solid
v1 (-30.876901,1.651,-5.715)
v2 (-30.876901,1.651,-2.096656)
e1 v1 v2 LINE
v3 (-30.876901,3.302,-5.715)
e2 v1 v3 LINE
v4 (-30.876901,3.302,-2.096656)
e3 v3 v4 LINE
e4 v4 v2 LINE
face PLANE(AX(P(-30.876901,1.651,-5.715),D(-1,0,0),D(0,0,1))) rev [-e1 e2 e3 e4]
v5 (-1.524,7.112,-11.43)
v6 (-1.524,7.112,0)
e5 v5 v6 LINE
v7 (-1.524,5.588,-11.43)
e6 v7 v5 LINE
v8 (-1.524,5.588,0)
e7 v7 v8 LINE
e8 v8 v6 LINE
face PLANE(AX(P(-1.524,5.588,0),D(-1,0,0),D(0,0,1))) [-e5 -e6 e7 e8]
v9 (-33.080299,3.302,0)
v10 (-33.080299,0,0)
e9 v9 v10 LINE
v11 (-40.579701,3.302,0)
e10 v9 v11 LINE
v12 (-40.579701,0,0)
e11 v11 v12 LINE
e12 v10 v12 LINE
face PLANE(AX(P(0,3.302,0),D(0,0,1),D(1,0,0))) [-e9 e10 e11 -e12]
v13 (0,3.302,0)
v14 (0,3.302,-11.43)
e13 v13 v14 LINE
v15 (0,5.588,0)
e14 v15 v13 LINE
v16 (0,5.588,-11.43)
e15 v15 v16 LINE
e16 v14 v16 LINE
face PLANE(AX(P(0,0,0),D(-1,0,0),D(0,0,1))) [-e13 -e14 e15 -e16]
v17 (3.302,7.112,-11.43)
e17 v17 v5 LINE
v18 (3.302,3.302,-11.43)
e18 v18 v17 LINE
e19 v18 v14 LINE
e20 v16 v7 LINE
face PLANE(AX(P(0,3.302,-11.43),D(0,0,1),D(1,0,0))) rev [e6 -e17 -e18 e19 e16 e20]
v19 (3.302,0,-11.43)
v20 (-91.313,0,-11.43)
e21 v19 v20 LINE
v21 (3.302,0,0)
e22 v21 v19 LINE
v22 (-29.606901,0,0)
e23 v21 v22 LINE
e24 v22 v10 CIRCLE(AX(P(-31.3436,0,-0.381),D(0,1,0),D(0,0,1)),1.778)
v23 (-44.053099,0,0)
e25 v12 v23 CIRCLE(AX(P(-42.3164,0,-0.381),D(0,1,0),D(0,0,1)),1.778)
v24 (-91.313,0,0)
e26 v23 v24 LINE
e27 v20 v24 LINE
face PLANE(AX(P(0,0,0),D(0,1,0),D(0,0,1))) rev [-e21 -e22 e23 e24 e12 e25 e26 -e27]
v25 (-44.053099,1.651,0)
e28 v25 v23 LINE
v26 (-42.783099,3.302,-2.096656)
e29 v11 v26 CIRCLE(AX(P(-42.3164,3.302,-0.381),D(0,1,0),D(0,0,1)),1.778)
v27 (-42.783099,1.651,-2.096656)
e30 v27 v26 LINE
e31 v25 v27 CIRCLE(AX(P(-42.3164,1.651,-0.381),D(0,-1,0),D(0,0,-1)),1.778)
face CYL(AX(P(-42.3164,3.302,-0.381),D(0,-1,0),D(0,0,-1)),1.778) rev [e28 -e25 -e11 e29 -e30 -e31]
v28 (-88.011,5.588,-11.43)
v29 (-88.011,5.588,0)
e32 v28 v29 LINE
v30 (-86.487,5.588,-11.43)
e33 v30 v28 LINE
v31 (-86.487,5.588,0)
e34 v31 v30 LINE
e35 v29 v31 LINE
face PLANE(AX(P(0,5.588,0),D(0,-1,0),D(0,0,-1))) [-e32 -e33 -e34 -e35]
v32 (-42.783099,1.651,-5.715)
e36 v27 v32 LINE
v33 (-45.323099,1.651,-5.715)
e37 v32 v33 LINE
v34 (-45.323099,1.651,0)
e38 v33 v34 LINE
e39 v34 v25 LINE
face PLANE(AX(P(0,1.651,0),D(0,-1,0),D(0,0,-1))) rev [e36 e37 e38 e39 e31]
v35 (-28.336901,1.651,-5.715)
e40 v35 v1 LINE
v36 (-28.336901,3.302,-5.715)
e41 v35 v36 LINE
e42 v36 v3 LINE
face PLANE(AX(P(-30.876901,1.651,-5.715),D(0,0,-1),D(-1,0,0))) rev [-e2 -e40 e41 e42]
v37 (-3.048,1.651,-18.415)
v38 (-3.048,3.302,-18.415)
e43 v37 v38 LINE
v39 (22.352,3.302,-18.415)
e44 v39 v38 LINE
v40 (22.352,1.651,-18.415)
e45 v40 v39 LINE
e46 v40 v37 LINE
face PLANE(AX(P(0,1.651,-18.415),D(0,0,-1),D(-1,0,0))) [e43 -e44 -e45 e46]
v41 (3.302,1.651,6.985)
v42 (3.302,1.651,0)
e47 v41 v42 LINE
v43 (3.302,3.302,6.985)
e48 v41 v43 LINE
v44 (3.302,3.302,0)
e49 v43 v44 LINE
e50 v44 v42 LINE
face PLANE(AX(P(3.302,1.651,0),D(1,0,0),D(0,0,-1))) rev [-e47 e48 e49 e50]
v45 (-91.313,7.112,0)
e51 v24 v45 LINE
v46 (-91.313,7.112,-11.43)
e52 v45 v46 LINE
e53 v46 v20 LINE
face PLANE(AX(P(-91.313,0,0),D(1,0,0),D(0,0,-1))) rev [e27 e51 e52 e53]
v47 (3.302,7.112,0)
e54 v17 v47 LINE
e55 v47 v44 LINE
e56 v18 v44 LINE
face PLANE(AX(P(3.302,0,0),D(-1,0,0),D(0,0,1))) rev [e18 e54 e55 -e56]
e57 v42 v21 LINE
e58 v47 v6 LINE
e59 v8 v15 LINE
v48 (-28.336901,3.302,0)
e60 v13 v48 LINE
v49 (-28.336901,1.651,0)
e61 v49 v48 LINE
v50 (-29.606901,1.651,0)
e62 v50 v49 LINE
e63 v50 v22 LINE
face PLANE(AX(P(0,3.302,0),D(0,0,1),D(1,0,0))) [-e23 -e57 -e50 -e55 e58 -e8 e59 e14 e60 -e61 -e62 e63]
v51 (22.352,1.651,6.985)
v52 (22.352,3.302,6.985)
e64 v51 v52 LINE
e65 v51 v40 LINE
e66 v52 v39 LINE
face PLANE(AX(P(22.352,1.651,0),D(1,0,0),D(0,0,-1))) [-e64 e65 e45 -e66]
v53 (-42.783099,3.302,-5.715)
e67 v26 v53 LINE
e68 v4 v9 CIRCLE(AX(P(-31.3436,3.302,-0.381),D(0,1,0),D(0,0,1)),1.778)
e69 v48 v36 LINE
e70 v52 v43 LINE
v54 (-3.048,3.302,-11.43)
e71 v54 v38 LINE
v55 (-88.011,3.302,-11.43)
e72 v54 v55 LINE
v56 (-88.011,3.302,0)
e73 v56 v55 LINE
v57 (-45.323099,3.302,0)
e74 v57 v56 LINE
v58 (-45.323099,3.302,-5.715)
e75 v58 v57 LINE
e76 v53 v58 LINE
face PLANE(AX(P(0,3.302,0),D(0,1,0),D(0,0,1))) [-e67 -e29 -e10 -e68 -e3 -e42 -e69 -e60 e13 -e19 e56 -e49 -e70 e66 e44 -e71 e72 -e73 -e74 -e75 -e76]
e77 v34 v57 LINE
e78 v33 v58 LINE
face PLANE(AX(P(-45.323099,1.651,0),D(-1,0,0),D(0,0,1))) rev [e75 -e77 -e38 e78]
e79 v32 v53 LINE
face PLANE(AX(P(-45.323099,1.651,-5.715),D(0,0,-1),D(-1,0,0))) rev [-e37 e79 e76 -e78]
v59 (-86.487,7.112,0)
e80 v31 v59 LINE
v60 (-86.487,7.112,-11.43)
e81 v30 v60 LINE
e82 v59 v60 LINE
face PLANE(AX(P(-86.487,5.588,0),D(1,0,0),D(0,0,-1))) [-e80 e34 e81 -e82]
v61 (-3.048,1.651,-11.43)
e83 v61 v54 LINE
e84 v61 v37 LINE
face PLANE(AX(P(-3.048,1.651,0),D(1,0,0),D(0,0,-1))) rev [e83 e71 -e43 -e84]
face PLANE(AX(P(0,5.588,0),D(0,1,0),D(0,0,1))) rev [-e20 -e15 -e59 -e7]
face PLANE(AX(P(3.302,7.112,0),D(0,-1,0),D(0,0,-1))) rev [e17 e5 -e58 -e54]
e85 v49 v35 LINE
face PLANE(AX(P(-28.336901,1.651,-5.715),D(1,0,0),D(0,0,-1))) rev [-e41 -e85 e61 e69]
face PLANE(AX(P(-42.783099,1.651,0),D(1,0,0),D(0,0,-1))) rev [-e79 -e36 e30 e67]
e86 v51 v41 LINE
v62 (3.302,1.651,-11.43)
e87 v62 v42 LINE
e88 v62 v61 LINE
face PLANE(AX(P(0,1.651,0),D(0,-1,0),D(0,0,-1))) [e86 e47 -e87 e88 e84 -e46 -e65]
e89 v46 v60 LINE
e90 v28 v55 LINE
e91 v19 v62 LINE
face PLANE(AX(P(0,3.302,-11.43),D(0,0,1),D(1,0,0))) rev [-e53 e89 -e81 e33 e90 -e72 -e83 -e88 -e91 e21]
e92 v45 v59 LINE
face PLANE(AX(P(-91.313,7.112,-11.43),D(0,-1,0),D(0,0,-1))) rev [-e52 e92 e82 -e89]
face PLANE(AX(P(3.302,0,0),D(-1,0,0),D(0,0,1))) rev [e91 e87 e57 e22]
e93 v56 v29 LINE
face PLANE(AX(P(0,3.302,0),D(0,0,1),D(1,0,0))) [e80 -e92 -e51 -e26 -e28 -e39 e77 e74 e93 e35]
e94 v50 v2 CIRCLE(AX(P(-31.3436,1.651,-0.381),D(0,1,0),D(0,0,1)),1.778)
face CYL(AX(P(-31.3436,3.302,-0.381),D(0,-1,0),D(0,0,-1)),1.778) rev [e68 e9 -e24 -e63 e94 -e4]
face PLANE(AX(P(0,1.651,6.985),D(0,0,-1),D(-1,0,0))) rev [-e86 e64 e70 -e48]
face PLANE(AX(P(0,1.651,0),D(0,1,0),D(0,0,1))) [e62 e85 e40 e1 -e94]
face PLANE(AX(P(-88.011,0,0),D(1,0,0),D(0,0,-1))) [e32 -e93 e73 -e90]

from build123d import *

# Parameters (mm, degrees)
BOSS_EXTRUDE1_DEPTH = 3.302
SKETCH2_W           = 11.43
SKETCH2_H           = 7.112
BOSS_EXTRUDE2_DEPTH = 3.302
SKETCH3_W           = 11.43
SKETCH3_H           = 7.112
BOSS_EXTRUDE3_DEPTH = 3.302
SKETCH4_W           = 1.524
SKETCH4_H           = 11.43
BOSS_EXTRUDE4_DEPTH = 1.524
SKETCH5_W           = 1.524
SKETCH5_H           = 11.43
BOSS_EXTRUDE5_DEPTH = 1.524
SKETCH7_W           = 2.54
SKETCH7_H           = 5.715
CUT_EXTRUDE1_DEPTH  = 1.651
BOSS_EXTRUDE8_START = -3.302
BOSS_EXTRUDE8_DEPTH = 1.651


with BuildPart() as part:
    # Sketch1 → Boss-Extrude1 (new body)
    with BuildSketch(Plane(origin=(0, 0, 0), x_dir=(1, 0, 0), z_dir=(0, 1, 0))):
        with BuildLine():
            Line((-29.60690112, 0), (0, 0))
            Line((0, 0), (0, 11.43))
            Line((0, 11.43), (-88.011, 11.43))
            Line((-88.011, 11.43), (-88.011, 0))
            Line((-88.011, 0), (-44.05309888, 0))
            ThreePointArc((-44.05309888, 0), (-42.508016011, 2.148644564), (-40.5384, 0.381))
            ThreePointArc((-40.5384, 0.381), (-40.548755436, 0.189383989), (-40.57970112, 0))
            Line((-40.57970112, 0), (-33.08029888, 0))
            ThreePointArc((-33.08029888, 0), (-31.535216011, 2.148644564), (-29.5656, 0.381))
            ThreePointArc((-29.5656, 0.381), (-29.575955436, 0.189383989), (-29.60690112, 0))
        make_face()
    extrude(amount=BOSS_EXTRUDE1_DEPTH)

    # Sketch2 → Boss-Extrude2 (add)
    with BuildSketch(Plane(origin=(0, 0, 0), x_dir=(0, 0, -1), z_dir=(1, 0, 0))):
        with Locations((5.715, 3.556)):
            Rectangle(SKETCH2_W, SKETCH2_H)
    extrude(amount=BOSS_EXTRUDE2_DEPTH)

    # Sketch3 → Boss-Extrude3 (add)
    with BuildSketch(Plane.ZY.offset(88.011)):
        with Locations((-5.715, 3.556)):
            Rectangle(SKETCH3_W, SKETCH3_H)
    extrude(amount=BOSS_EXTRUDE3_DEPTH)

    # Sketch4 → Boss-Extrude4 (add)
    with BuildSketch(Plane(origin=(0, 7.112, 0), x_dir=(1, 0, 0), z_dir=(0, 1, 0))):
        with Locations((-87.249, 5.715)):
            Rectangle(SKETCH4_W, SKETCH4_H)
    extrude(amount=-BOSS_EXTRUDE4_DEPTH)

    # Sketch5 → Boss-Extrude5 (add)
    with BuildSketch(Plane(origin=(0, 7.112, 0), x_dir=(1, 0, 0), z_dir=(0, 1, 0))):
        with Locations((-0.762, 5.715)):
            Rectangle(SKETCH5_W, SKETCH5_H)
    extrude(amount=-BOSS_EXTRUDE5_DEPTH)

    # Sketch7 → Cut-Extrude1 (cut)
    with BuildSketch(Plane(origin=(0, 3.302, 0), x_dir=(1, 0, 0), z_dir=(0, 1, 0))):
        with Locations((-44.05309888, 2.8575)):
            Rectangle(SKETCH7_W, SKETCH7_H)
        with Locations((-29.60690112, 2.8575)):
            Rectangle(SKETCH7_W, SKETCH7_H)
    extrude(amount=-CUT_EXTRUDE1_DEPTH, mode=Mode.SUBTRACT)

    # Sketch9 → Boss-Extrude8 (add)
    with BuildSketch(Plane.XZ.offset(BOSS_EXTRUDE8_START)):
        Polygon((-3.048, -11.43), (-3.048, -18.415), (22.352, -18.415), (22.352, 6.985), (3.302, 6.985), (3.302, 0), (3.302, -11.43), align=None)
    extrude(amount=BOSS_EXTRUDE8_DEPTH)


solid = part.part
